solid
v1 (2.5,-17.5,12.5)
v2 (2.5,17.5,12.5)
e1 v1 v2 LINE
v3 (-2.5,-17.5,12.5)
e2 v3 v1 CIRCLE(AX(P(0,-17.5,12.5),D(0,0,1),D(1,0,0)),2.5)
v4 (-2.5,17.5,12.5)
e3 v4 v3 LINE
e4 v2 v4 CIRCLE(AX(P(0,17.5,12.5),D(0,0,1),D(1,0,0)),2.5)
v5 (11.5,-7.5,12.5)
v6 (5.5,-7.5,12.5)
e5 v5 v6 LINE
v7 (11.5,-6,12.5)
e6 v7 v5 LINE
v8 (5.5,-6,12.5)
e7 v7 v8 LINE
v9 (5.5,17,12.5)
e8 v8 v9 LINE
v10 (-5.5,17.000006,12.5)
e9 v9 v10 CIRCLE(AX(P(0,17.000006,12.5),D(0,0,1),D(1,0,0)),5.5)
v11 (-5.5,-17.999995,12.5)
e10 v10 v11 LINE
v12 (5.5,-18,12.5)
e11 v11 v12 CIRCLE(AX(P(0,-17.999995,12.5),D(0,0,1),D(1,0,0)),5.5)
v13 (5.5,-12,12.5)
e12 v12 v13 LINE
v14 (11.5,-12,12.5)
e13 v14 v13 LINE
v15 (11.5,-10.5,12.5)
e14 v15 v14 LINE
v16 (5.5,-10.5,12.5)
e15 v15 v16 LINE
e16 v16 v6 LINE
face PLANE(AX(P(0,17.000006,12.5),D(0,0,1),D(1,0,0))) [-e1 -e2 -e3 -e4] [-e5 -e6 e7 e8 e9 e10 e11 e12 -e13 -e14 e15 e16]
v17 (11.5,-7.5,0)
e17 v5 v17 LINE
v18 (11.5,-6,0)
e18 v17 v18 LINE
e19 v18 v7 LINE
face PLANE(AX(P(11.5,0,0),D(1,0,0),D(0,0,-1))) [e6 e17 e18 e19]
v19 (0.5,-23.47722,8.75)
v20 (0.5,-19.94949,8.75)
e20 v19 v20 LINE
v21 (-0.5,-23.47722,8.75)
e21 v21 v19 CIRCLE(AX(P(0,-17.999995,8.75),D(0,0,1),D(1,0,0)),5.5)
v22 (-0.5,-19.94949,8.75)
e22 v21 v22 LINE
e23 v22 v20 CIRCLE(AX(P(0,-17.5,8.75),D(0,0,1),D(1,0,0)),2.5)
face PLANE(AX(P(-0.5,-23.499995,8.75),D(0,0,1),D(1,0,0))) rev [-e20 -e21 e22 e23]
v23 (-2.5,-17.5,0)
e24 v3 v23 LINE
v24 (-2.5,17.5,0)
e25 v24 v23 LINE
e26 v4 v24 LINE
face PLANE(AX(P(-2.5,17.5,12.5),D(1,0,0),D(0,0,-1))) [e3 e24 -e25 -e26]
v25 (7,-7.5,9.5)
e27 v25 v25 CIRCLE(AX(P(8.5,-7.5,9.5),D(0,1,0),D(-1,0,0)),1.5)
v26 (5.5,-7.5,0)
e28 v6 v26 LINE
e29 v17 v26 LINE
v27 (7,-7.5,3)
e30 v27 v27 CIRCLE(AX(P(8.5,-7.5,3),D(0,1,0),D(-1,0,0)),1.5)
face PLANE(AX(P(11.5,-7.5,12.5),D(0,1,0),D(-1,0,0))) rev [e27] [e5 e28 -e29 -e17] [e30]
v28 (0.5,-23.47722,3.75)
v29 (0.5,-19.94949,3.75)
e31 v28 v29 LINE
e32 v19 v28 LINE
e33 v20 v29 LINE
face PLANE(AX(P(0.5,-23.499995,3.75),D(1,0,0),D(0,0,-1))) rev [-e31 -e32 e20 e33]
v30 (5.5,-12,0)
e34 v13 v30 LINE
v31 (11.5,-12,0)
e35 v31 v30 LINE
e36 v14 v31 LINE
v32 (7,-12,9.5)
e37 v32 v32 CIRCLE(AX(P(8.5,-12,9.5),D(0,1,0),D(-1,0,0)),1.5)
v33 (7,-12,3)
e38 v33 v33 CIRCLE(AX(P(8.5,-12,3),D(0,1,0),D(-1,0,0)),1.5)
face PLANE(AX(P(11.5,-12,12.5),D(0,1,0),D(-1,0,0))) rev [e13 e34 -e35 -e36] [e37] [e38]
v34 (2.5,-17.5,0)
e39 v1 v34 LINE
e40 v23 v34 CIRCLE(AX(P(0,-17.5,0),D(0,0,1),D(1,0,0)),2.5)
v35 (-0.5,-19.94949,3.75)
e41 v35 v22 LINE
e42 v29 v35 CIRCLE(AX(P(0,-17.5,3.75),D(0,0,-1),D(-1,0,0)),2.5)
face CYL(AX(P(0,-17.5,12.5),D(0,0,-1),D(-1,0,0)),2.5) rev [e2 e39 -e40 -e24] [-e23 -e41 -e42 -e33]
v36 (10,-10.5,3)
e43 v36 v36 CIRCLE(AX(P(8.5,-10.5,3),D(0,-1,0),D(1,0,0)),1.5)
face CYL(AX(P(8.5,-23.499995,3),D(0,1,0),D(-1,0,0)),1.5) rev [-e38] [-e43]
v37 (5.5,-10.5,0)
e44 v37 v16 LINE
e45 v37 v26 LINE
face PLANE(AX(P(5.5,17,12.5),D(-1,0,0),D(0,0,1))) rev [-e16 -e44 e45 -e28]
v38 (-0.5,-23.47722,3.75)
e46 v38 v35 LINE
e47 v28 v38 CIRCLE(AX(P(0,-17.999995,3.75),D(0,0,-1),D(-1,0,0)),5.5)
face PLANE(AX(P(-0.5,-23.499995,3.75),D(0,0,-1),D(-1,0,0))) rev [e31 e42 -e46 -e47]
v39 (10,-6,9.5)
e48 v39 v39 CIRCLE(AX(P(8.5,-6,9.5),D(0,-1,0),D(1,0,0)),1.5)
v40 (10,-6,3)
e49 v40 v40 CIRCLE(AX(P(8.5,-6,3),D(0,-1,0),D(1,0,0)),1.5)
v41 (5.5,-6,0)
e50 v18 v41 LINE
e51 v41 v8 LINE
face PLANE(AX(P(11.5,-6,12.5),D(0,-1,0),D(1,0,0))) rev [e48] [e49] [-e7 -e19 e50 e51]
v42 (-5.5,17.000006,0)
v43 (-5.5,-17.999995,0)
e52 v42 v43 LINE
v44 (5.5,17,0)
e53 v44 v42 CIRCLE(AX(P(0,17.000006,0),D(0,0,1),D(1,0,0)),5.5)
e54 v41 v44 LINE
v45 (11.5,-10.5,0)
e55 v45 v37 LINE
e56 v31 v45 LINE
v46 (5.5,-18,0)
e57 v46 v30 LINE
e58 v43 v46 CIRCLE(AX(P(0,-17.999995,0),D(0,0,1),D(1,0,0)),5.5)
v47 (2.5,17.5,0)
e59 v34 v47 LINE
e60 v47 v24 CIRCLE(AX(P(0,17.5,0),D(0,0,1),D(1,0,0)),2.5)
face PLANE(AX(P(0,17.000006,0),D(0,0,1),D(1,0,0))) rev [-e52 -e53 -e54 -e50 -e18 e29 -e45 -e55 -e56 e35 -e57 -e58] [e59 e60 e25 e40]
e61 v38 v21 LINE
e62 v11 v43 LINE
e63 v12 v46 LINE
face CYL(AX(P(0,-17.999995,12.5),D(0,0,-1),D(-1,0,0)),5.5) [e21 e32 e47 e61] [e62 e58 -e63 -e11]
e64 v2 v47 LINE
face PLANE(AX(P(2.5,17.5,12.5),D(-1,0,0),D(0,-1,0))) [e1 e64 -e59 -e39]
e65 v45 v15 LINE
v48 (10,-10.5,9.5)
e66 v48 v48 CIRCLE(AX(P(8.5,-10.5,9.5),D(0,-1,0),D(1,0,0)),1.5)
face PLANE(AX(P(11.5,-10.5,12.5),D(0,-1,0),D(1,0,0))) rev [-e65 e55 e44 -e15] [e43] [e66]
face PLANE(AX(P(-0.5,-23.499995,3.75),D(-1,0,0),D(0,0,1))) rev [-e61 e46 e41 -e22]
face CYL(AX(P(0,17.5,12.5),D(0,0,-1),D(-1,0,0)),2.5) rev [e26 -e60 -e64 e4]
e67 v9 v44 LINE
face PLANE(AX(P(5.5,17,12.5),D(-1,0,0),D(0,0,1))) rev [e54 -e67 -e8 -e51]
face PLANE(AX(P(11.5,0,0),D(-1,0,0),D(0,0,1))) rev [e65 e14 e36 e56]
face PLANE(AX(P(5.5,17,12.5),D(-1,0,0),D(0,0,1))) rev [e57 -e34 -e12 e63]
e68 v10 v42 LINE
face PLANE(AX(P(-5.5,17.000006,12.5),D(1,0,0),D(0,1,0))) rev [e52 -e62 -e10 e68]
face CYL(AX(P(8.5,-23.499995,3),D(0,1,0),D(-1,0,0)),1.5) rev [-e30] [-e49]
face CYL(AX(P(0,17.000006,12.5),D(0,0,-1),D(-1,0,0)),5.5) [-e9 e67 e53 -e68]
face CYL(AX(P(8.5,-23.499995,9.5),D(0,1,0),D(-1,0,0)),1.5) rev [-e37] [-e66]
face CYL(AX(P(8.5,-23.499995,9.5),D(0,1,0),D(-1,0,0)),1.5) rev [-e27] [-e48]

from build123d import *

# Parameters (mm, degrees)
BOSS_EXTRUDE1_DEPTH     = 12.5
SKETCH2_W               = 12.5
SKETCH2_H               = 1.5
BOSS_EXTRUDE2_DEPTH     = 6
SKETCH3_R               = 1.5
CUT_EXTRUDE1_DEPTH      = 34.000006013
CUT_EXTRUDE1_DEPTH_BACK = 13.999994598
SKETCH5_W               = 1
SKETCH5_H               = 5
CUT_EXTRUDE2_DEPTH      = 24.499994598


with BuildPart() as part:
    # Sketch1 → Boss-Extrude1 (new body)
    with BuildSketch(Plane.XY):
        with BuildLine():
            Line((5.5, 17), (5.5, -18))
            ThreePointArc((5.5, -18), (-2.701e-06, -23.499994598), (-5.5, -17.999994598))
            Line((-5.5, -17.999994598), (-5.5, 17.000006013))
            ThreePointArc((-5.5, 17.000006013), (3.006e-06, 22.500006013), (5.5, 17))
        make_face()
        with BuildLine():
            Line((2.5, 17.5), (2.5, -17.5))
            ThreePointArc((2.5, -17.5), (0, -20), (-2.5, -17.5))
            Line((-2.5, -17.5), (-2.5, 17.5))
            ThreePointArc((-2.5, 17.5), (0, 20), (2.5, 17.5))
        make_face(mode=Mode.SUBTRACT)
    extrude(amount=BOSS_EXTRUDE1_DEPTH)

    # Sketch2 → Boss-Extrude2 (add)
    with BuildSketch(Plane(origin=(5.5, 0, 0), x_dir=(0, 0, -1), z_dir=(1, 0, 0))):
        with Locations((-6.25, -11.25)):
            Rectangle(SKETCH2_W, SKETCH2_H)
        with Locations((-6.25, -6.75)):
            Rectangle(SKETCH2_W, SKETCH2_H)
    extrude(amount=BOSS_EXTRUDE2_DEPTH)

    # Sketch3 → Cut-Extrude1 (cut, two sides)
    with BuildSketch(Plane(origin=(0, -10.5, 0), x_dir=(1, 0, 0), z_dir=(0, 1, 0))) as cut_extrude1_sk:
        with Locations((8.5, -3)):
            Circle(SKETCH3_R)
        with Locations((8.5, -9.5)):
            Circle(SKETCH3_R)
    extrude(amount=CUT_EXTRUDE1_DEPTH, mode=Mode.SUBTRACT)
    extrude(cut_extrude1_sk.sketch, amount=-CUT_EXTRUDE1_DEPTH_BACK, mode=Mode.SUBTRACT)

    # Sketch5 → Cut-Extrude2 (cut, through all)
    with BuildSketch(Plane(origin=(0, 0, 0), x_dir=(1, 0, 0), z_dir=(0, 1, 0))):
        with Locations((0, -6.25)):
            Rectangle(SKETCH5_W, SKETCH5_H)
    extrude(amount=-CUT_EXTRUDE2_DEPTH, mode=Mode.SUBTRACT)


solid = part.part
